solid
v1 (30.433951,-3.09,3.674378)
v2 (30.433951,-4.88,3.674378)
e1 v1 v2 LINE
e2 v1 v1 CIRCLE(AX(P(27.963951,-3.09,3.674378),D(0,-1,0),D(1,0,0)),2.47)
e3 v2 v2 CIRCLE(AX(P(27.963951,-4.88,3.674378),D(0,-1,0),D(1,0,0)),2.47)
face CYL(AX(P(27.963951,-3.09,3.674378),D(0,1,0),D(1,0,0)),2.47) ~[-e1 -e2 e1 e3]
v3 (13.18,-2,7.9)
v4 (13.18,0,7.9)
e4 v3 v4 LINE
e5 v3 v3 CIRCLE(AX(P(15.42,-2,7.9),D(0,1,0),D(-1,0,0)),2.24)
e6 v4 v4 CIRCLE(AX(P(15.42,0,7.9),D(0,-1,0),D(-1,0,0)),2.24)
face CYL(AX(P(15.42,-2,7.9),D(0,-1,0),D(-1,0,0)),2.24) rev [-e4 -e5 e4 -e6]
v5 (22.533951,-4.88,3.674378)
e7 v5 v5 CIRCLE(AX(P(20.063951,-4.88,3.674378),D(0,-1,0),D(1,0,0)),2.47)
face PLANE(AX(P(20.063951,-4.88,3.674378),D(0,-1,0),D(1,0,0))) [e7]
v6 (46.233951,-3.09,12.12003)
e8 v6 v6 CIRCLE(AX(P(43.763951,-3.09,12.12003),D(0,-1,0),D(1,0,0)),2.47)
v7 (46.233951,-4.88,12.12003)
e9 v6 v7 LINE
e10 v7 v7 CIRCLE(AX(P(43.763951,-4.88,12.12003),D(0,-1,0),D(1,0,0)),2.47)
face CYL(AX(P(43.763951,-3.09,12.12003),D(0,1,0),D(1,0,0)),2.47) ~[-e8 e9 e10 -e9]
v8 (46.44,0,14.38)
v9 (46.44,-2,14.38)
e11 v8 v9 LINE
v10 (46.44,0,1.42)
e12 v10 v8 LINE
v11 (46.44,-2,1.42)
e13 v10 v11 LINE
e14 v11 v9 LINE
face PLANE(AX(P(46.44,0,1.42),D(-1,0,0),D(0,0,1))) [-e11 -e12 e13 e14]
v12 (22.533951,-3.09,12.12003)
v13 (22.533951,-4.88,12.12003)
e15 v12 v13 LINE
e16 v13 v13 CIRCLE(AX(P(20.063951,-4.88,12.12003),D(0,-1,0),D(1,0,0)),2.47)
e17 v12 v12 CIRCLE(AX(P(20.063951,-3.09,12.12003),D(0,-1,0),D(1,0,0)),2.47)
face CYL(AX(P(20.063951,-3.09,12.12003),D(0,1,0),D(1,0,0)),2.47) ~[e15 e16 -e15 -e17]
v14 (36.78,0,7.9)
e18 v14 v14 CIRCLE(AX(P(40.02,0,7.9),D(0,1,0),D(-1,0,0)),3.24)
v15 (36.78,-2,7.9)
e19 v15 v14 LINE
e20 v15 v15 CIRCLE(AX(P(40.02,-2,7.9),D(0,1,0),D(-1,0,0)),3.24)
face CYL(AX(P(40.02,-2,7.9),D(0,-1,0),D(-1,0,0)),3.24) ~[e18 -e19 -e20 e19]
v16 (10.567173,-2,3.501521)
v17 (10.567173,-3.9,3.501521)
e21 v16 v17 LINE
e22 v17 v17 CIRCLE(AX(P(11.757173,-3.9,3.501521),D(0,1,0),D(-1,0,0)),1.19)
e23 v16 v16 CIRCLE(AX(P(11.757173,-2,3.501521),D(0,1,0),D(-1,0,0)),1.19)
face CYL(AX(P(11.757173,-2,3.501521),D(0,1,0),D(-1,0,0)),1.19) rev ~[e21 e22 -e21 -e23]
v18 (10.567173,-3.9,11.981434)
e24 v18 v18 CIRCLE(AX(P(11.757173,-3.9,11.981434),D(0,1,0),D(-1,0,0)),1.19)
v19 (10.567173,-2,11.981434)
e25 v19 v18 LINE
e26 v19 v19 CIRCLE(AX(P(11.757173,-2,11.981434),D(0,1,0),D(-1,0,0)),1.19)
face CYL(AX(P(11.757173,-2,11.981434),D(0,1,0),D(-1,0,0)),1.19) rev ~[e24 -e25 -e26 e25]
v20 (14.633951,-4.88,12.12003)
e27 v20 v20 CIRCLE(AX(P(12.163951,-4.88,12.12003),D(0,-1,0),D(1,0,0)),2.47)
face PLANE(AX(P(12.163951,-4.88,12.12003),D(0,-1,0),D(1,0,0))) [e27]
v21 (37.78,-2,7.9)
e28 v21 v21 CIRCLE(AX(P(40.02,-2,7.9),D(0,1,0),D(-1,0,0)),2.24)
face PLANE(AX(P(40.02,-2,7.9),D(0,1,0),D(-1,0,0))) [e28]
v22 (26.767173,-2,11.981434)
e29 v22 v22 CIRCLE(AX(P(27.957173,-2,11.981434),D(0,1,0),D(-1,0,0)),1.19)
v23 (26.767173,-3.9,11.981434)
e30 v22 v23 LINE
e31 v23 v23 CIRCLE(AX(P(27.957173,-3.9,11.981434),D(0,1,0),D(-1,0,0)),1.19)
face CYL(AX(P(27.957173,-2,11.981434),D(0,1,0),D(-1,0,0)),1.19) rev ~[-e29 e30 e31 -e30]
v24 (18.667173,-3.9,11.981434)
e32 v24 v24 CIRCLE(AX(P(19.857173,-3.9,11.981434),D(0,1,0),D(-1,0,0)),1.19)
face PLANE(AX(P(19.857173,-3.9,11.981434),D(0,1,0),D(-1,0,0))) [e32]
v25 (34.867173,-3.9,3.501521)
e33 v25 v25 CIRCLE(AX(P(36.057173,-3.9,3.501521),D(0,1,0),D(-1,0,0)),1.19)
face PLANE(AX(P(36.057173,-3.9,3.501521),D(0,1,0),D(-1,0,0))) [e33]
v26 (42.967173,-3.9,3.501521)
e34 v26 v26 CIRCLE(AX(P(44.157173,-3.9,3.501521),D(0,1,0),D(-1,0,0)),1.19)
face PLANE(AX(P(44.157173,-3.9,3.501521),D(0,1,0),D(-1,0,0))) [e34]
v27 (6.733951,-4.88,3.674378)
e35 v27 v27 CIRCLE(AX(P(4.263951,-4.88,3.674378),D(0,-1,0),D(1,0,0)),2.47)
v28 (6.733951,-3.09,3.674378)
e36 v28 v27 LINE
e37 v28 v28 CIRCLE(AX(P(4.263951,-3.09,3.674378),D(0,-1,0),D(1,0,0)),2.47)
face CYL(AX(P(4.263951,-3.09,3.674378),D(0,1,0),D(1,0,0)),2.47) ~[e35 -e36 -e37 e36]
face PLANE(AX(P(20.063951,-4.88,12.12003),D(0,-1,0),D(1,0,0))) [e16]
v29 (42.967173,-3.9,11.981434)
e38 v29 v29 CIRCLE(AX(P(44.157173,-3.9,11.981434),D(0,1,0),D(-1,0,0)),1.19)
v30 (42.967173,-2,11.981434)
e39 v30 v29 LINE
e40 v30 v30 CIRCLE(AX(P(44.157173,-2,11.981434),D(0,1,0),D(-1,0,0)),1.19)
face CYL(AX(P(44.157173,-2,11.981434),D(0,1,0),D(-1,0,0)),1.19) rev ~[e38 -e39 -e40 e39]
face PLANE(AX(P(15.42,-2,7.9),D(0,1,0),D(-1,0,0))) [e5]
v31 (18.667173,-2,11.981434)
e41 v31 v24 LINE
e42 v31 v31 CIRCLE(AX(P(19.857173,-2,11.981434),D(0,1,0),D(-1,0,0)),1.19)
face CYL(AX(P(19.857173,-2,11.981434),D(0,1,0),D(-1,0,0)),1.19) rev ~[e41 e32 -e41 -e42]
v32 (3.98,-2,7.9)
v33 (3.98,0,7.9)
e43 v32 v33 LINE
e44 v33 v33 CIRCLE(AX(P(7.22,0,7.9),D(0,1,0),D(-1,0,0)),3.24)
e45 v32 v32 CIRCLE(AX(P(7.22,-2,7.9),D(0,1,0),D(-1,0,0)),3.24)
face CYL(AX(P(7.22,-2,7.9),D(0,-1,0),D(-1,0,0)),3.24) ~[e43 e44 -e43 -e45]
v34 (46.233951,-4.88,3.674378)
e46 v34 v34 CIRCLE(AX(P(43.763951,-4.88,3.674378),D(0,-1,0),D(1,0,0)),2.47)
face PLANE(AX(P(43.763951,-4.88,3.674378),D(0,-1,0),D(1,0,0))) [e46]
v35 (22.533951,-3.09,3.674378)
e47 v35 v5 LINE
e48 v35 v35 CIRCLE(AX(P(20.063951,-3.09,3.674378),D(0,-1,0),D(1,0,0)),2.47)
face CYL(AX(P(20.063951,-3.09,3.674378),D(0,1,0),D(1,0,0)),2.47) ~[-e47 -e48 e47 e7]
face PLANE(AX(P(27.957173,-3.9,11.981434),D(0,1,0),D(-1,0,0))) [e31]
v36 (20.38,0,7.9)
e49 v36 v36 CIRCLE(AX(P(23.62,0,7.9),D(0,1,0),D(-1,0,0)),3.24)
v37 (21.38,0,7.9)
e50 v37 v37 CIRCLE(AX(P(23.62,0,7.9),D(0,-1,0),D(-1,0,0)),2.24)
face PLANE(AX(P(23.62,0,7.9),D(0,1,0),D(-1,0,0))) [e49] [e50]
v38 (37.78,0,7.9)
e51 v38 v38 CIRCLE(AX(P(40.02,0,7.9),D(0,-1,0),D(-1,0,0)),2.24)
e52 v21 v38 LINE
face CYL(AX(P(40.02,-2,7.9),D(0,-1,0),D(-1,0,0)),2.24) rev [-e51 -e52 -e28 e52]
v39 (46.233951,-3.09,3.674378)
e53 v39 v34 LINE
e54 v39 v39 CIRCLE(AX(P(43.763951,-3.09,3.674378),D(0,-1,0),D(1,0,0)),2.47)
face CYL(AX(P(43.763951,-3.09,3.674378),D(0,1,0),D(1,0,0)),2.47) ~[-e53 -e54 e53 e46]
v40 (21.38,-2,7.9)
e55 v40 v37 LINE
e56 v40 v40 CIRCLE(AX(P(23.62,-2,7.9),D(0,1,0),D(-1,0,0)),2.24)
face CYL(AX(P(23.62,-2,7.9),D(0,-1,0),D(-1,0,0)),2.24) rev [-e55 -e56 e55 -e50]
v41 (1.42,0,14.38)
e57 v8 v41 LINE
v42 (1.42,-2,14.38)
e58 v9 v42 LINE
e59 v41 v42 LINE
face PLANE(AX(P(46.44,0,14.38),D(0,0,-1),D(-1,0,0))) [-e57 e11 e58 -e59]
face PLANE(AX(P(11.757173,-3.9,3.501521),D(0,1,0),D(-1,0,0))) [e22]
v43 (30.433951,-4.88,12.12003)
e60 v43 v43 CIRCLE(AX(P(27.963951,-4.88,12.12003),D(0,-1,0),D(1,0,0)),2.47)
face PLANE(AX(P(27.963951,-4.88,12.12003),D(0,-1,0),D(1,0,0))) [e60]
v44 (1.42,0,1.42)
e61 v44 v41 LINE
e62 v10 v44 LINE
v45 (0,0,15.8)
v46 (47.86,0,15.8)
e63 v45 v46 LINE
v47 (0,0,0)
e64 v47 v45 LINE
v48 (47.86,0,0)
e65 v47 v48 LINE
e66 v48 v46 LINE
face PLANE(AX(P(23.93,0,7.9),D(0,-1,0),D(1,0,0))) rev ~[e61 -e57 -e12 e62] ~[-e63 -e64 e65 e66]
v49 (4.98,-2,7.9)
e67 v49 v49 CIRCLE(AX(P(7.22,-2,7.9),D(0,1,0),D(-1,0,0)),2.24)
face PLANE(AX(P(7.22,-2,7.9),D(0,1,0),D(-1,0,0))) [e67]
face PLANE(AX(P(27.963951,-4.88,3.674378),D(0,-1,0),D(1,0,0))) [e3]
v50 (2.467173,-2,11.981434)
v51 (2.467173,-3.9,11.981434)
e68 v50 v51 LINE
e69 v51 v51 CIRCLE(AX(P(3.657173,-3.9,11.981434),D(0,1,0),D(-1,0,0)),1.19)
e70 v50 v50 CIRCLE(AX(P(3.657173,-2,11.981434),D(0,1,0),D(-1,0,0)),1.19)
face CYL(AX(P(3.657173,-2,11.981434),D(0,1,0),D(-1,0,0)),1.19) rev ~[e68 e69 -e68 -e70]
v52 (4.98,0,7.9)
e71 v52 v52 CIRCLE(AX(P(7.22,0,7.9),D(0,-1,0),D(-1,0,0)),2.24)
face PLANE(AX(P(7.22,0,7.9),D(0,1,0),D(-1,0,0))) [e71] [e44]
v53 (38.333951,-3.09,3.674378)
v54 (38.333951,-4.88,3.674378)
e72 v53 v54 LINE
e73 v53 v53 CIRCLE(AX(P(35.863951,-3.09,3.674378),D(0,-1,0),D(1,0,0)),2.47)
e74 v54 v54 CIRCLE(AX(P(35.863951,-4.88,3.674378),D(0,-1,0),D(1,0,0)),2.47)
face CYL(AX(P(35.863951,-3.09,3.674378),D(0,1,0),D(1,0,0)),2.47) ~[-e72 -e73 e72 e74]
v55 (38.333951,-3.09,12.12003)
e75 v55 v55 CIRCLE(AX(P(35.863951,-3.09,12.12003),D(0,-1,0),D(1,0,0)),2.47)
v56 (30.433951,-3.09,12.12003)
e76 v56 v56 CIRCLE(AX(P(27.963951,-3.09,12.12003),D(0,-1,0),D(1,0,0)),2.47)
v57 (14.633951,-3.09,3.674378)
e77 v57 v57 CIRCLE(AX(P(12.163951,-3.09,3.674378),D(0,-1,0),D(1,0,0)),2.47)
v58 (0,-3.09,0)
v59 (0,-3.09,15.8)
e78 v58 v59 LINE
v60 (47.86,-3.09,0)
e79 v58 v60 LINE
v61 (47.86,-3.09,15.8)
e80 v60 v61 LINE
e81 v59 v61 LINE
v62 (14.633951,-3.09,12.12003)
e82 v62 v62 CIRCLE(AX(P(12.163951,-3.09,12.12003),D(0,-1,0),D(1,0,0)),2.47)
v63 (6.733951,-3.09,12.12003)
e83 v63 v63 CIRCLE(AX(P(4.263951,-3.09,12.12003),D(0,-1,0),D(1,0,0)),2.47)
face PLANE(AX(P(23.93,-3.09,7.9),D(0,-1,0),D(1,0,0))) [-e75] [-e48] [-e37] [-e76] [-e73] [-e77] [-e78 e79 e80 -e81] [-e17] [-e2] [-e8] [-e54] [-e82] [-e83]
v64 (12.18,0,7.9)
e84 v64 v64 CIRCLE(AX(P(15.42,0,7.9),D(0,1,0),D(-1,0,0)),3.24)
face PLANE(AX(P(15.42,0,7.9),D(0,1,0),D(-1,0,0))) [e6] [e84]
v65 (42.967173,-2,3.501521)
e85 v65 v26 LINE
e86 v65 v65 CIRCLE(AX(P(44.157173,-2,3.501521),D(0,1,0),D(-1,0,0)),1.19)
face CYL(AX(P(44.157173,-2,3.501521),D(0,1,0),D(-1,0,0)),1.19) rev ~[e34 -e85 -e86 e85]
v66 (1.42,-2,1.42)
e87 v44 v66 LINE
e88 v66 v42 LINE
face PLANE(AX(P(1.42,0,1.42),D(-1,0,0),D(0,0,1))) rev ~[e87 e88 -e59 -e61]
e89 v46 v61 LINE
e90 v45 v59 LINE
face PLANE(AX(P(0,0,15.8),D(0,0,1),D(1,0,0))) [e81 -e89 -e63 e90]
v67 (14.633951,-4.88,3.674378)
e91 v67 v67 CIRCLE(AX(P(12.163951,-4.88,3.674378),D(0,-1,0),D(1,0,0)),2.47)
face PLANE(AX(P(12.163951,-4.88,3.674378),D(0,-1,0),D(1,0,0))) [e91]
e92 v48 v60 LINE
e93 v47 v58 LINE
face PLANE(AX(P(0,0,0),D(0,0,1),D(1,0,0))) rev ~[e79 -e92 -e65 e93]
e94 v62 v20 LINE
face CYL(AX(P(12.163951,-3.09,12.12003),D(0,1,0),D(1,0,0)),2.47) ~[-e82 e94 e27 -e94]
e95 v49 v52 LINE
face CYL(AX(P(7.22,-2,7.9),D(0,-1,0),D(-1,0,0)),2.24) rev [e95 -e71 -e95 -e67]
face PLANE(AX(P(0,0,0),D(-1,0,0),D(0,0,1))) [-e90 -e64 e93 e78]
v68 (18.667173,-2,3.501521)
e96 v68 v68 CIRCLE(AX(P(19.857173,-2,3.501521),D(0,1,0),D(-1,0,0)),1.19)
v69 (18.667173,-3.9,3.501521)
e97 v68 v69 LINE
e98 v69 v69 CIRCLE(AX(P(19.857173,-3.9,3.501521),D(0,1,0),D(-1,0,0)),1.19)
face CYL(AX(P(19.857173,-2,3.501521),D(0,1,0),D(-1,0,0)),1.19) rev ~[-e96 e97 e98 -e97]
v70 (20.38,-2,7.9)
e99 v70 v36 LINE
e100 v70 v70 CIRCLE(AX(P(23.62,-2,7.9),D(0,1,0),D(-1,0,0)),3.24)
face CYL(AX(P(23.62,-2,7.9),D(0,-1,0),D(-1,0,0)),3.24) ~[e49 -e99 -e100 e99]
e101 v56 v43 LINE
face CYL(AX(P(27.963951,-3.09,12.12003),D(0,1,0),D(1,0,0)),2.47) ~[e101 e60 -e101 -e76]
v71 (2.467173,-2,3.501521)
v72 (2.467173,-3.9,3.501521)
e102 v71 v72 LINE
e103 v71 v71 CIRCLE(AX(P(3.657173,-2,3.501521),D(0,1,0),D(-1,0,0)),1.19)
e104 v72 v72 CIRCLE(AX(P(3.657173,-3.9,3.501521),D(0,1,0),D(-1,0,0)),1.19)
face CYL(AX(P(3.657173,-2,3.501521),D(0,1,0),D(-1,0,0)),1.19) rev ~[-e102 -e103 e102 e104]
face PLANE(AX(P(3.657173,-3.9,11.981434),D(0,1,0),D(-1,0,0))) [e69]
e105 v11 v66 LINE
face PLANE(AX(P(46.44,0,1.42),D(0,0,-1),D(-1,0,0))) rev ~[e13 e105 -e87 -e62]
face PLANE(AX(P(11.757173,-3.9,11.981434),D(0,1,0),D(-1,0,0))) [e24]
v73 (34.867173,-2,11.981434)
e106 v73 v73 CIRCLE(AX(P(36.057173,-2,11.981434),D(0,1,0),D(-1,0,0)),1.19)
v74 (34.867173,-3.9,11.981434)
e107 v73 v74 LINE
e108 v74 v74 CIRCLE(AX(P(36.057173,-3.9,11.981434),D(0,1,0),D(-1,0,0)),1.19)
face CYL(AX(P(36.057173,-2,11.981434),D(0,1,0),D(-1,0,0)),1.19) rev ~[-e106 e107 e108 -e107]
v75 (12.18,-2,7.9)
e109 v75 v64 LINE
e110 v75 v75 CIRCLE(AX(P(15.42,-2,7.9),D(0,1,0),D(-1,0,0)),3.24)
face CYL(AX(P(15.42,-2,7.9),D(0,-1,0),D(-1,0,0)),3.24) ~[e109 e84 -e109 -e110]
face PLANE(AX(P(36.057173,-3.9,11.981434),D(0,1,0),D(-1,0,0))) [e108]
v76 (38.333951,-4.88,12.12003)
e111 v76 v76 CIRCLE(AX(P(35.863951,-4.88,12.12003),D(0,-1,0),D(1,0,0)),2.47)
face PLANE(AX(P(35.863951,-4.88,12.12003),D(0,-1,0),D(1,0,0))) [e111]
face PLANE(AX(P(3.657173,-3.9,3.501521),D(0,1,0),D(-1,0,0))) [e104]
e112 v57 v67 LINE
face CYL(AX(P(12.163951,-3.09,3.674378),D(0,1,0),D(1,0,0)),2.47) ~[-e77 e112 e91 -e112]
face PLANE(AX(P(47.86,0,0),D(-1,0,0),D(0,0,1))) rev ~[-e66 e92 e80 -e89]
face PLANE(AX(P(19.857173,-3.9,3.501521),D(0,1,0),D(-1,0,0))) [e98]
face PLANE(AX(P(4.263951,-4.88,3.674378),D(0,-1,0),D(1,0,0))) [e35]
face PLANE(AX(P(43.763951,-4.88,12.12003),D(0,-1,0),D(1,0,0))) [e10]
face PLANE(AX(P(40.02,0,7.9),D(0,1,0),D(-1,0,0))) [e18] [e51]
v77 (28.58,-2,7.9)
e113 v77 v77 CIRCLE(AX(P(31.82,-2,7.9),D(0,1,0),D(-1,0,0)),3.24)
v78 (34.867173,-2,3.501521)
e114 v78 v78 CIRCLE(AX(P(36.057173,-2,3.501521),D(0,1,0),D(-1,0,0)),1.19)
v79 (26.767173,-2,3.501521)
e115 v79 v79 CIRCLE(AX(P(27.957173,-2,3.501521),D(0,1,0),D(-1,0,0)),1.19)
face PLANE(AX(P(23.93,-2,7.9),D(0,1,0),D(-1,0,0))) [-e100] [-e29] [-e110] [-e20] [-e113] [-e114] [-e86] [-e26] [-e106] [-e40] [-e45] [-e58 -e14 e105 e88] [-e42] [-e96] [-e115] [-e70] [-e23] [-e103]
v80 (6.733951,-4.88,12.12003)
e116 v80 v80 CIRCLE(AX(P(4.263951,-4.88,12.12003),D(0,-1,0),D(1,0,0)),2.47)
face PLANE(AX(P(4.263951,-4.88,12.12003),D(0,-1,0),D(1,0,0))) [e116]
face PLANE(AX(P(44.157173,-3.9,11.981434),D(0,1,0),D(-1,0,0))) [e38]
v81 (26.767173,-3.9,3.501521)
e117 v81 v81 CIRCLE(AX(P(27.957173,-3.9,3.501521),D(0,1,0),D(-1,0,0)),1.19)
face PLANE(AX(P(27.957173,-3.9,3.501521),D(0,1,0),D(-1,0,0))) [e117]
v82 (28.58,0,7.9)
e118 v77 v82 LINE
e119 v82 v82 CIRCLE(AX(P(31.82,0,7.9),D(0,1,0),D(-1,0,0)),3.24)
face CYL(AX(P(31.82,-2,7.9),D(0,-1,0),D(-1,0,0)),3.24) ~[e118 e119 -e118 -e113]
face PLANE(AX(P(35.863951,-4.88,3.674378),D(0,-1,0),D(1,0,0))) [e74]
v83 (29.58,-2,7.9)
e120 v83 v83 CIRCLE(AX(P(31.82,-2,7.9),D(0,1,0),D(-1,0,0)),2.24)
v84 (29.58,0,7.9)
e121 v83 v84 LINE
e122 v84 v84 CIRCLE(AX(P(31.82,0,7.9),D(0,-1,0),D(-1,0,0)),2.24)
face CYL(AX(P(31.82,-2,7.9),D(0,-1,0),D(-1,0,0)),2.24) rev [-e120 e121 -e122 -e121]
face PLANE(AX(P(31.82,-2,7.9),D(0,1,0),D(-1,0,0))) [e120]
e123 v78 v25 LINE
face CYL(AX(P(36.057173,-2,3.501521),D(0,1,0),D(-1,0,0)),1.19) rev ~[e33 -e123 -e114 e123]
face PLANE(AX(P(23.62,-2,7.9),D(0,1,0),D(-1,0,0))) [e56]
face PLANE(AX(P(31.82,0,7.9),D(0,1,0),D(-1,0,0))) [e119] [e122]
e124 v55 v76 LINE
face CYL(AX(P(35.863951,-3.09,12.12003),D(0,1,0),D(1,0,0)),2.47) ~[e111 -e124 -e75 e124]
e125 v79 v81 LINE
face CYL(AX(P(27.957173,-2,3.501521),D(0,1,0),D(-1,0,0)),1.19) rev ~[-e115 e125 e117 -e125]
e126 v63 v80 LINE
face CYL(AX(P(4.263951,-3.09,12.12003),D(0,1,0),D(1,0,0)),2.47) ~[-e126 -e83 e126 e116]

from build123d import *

# Parameters (mm, degrees)
F0_W      = 47.86
F0_H      = 15.8
F1_DEPTH  = 3.09
F2_R      = 2.47
F3_DEPTH  = 1.79
F4_W      = 45.02
F4_H      = 12.96
F5_DEPTH  = 2
F6_R      = 3.24
F7_DEPTH  = 2
F8_R      = 2.24
F9_DEPTH  = 2.2
F10_R     = 1.19
F11_DEPTH = 1.9


with BuildPart() as f1:
    # F0 (on Front) → F1 (new body)
    with BuildSketch(Plane.XZ):
        with Locations((23.93, 7.9)):
            Rectangle(F0_W, F0_H)
    extrude(amount=F1_DEPTH)

    # F2 (on face) → F3 (join)
    with BuildSketch(Plane.XZ.offset(3.09)):
        with Locations((4.263951, 12.12003)):
            Circle(F2_R)
        with Locations((12.163951, 12.12003)):
            Circle(F2_R)
        with Locations((20.063951, 12.12003)):
            Circle(F2_R)
        with Locations((27.963951, 12.12003)):
            Circle(F2_R)
        with Locations((35.863951, 12.12003)):
            Circle(F2_R)
        with Locations((43.763951, 12.12003)):
            Circle(F2_R)
        with Locations((4.263951, 3.674378)):
            Circle(F2_R)
        with Locations((12.163951, 3.674378)):
            Circle(F2_R)
        with Locations((20.063951, 3.674378)):
            Circle(F2_R)
        with Locations((27.963951, 3.674378)):
            Circle(F2_R)
        with Locations((35.863951, 3.674378)):
            Circle(F2_R)
        with Locations((43.763951, 3.674378)):
            Circle(F2_R)
    extrude(amount=F3_DEPTH)

    # F4 (on face) → F5 (cut)
    with BuildSketch(Plane(origin=(0, 0, 0), x_dir=(-1, 0, 0), z_dir=(0, 1, 0))):
        with Locations((-23.93, 7.9)):
            Rectangle(F4_W, F4_H)
    extrude(amount=-F5_DEPTH, mode=Mode.SUBTRACT)

    # F6 (on face) → F7 (join, through all)
    with BuildSketch(Plane(origin=(0, -2, 0), x_dir=(-1, 0, 0), z_dir=(0, 1, 0))):
        with Locations((-40.02, 7.9)):
            Circle(F6_R)
        with Locations((-31.82, 7.9)):
            Circle(F6_R)
        with Locations((-23.62, 7.9)):
            Circle(F6_R)
        with Locations((-15.42, 7.9)):
            Circle(F6_R)
        with Locations((-7.22, 7.9)):
            Circle(F6_R)
    extrude(amount=F7_DEPTH)

    # F8 (on face) → F9 (cut)
    with BuildSketch(Plane(origin=(0, -2, 0), x_dir=(-1, 0, 0), z_dir=(0, 1, 0))):
        with Locations((-40.02, 7.9)):
            Circle(F8_R)
        with Locations((-31.82, 7.9)):
            Circle(F8_R)
        with Locations((-23.62, 7.9)):
            Circle(F8_R)
        with Locations((-15.42, 7.9)):
            Circle(F8_R)
        with Locations((-7.22, 7.9)):
            Circle(F8_R)
    extrude(amount=F9_DEPTH, mode=Mode.SUBTRACT)

    # F10 (on face) → F11 (cut)
    with BuildSketch(Plane(origin=(0, -2, 0), x_dir=(-1, 0, 0), z_dir=(0, 1, 0))):
        with Locations((-44.157173, 11.981434)):
            Circle(F10_R)
        with Locations((-44.157173, 3.501521)):
            Circle(F10_R)
        with Locations((-36.057173, 11.981434)):
            Circle(F10_R)
        with Locations((-36.057173, 3.501521)):
            Circle(F10_R)
        with Locations((-27.957173, 11.981434)):
            Circle(F10_R)
        with Locations((-27.957173, 3.501521)):
            Circle(F10_R)
        with Locations((-19.857173, 11.981434)):
            Circle(F10_R)
        with Locations((-19.857173, 3.501521)):
            Circle(F10_R)
        with Locations((-11.757173, 11.981434)):
            Circle(F10_R)
        with Locations((-11.757173, 3.501521)):
            Circle(F10_R)
        with Locations((-3.657173, 11.981434)):
            Circle(F10_R)
        with Locations((-3.657173, 3.501521)):
            Circle(F10_R)
    extrude(amount=-F11_DEPTH, mode=Mode.SUBTRACT)


solid = f1.part
